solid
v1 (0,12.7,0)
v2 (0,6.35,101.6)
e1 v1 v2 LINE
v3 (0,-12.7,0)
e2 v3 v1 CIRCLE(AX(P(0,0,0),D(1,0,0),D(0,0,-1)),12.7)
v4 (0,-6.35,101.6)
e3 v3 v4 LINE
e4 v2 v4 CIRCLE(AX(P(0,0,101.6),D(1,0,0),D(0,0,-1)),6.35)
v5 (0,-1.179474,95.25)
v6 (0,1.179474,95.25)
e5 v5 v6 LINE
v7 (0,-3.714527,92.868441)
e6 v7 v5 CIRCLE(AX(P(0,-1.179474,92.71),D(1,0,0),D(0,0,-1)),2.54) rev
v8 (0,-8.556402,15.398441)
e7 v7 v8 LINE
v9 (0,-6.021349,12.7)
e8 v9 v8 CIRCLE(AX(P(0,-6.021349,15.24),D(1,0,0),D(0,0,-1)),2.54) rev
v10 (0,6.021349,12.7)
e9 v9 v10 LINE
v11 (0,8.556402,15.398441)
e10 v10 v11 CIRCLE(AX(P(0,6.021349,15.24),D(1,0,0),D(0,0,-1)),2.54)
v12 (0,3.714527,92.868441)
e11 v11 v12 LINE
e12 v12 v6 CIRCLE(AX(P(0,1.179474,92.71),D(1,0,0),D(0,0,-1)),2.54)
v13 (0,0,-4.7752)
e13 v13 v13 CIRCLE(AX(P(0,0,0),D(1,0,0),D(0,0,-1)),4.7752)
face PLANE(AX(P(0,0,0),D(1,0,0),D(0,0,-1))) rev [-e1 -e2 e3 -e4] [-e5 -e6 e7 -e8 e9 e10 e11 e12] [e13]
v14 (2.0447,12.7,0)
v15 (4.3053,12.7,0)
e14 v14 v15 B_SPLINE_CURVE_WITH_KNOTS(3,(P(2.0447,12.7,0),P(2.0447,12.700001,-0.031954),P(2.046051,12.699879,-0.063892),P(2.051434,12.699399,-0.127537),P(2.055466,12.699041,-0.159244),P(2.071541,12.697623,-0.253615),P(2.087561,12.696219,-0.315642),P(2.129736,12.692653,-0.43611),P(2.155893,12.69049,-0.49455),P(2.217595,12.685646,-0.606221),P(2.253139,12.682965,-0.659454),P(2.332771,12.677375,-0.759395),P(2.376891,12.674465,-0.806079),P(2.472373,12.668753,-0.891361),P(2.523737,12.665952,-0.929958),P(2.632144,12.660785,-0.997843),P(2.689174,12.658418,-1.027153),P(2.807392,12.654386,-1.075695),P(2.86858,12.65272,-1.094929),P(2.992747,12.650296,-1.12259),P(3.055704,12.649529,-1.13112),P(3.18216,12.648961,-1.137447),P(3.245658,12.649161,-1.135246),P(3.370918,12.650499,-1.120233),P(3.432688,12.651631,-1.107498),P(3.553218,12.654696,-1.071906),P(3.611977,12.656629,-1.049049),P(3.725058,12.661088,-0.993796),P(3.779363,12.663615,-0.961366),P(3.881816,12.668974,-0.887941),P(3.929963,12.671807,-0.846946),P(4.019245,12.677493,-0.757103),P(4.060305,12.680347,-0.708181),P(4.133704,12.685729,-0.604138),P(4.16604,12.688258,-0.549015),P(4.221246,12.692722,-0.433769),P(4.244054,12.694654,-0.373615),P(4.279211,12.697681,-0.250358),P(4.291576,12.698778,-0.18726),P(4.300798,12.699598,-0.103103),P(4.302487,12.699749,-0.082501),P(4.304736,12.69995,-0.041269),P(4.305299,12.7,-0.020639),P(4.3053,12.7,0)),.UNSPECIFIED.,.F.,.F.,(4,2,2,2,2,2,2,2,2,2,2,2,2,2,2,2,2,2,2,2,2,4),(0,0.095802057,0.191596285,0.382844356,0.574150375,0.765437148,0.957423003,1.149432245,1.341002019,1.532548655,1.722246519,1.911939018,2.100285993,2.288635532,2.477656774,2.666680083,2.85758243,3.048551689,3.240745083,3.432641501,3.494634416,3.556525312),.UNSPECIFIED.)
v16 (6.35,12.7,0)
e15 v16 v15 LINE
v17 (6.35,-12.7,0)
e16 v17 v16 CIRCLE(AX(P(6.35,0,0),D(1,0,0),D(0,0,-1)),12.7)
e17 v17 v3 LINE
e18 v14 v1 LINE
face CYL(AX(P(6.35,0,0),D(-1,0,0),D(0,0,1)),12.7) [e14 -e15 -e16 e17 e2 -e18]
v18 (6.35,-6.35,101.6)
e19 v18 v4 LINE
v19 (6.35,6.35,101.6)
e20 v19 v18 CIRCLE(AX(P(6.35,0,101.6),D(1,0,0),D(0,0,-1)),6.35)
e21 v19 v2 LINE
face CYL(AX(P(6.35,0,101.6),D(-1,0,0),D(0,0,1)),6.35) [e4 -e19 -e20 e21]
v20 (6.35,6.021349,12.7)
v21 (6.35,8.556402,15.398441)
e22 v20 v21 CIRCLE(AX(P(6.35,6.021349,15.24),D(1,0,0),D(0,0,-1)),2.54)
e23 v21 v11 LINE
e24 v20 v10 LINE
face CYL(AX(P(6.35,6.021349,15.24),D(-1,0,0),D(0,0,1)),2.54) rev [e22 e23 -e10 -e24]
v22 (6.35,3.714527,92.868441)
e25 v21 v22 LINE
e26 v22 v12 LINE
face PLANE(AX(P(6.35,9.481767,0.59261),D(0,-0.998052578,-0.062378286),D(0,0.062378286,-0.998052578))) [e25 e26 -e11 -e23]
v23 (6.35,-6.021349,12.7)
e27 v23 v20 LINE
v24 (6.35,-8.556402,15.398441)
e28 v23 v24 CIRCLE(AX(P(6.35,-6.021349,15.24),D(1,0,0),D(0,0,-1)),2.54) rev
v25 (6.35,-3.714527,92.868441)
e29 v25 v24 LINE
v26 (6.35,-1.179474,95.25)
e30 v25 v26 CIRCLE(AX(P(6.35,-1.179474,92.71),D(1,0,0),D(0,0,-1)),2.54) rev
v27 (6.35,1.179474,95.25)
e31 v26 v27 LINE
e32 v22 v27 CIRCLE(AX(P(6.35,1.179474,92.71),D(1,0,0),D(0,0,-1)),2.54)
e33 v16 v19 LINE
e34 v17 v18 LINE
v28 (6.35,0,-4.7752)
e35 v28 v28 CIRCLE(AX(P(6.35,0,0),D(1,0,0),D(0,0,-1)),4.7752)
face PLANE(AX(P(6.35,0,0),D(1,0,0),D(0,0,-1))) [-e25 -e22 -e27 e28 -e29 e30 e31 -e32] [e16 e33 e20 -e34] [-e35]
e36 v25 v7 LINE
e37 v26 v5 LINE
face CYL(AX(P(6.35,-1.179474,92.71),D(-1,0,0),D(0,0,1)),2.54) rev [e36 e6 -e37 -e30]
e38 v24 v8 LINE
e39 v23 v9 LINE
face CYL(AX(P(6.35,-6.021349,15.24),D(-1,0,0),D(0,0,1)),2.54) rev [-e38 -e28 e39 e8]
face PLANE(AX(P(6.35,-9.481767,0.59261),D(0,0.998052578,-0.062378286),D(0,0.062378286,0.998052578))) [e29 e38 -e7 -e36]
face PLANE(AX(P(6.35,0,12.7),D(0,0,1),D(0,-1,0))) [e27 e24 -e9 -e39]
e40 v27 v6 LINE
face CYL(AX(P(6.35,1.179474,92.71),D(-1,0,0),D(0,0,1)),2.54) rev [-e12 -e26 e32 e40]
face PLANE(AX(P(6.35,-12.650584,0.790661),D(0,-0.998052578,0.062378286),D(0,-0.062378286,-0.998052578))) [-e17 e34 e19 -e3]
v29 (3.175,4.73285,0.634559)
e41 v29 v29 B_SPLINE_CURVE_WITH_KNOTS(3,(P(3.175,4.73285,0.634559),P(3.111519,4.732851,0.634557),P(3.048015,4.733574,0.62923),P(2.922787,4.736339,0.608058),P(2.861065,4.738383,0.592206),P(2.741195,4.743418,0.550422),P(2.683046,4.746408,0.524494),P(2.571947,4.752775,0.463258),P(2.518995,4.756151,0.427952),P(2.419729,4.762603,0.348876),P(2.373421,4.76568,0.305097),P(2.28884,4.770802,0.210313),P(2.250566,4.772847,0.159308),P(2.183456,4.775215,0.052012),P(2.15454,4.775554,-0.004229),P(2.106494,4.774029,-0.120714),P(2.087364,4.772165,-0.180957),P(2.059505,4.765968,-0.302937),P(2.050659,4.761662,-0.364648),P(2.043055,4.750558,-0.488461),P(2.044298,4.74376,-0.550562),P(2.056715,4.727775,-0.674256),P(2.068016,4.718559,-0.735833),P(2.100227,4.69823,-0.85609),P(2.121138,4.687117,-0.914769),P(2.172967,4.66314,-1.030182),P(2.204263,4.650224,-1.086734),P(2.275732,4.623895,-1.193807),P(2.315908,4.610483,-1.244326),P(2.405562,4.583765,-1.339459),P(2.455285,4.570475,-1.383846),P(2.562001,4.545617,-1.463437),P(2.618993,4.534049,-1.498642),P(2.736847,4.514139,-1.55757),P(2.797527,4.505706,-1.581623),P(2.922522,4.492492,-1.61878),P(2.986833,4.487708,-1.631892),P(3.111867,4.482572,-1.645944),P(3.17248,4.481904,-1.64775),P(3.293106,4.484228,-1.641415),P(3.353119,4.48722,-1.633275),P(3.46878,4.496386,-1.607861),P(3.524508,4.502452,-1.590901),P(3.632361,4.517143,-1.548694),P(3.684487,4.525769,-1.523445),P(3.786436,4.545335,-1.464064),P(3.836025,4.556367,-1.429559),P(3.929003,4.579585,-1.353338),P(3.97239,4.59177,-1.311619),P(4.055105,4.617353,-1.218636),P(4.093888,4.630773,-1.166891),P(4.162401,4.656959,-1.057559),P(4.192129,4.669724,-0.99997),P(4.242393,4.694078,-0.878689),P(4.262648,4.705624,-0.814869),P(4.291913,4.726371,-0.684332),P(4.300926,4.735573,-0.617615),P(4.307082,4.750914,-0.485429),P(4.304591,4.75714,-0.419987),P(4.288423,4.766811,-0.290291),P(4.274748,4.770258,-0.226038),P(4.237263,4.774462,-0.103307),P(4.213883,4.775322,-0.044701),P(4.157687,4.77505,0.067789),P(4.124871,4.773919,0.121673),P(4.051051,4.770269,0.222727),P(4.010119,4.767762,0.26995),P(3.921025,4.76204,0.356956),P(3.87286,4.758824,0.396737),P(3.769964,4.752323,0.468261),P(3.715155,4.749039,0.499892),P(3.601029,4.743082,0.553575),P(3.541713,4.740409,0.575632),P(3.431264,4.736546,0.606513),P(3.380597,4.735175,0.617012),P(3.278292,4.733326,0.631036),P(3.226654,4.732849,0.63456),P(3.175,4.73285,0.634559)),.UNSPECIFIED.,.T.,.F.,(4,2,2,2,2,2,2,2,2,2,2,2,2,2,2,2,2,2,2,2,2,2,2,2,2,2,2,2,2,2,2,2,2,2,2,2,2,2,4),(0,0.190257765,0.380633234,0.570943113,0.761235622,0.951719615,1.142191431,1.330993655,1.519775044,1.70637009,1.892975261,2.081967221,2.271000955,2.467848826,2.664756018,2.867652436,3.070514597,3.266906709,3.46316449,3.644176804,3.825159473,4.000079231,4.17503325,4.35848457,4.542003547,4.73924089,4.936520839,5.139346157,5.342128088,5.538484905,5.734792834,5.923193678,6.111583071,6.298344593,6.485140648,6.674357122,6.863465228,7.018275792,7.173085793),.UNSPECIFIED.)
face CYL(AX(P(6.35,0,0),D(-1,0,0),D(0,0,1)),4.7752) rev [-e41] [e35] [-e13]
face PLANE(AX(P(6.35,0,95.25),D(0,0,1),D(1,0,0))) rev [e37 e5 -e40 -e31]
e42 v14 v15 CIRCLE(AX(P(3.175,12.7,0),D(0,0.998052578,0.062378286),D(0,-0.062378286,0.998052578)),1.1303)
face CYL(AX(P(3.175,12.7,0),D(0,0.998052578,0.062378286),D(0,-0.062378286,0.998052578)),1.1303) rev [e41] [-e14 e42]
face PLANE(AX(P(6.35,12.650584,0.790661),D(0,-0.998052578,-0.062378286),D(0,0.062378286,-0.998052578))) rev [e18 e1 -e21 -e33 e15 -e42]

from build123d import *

# Parameters (mm, degrees)
SKETCH1_R                  = 4.7752
BOSS_EXTRUDE1_DEPTH        = 6.35
F_4_40_TAPPED_HOLE1_REACH  = 112.943
F_4_40_TAPPED_HOLE1_BORE_R = 1.1303


with BuildPart() as part:
    # Sketch1 → Boss-Extrude1 (new body)
    with BuildSketch(Plane(origin=(0, 0, 0), x_dir=(0, 0, -1), z_dir=(1, 0, 0))):
        with BuildLine():
            ThreePointArc((0, -12.7), (12.7, 0), (0, 12.7))
            Line((0, 12.7), (-1.581322957, 12.601167315))
            Line((-1.581322957, 12.601167315), (-101.6, 6.35))
            ThreePointArc((-101.6, 6.35), (-107.95, 0), (-101.6, -6.35))
            Line((-101.6, -6.35), (-1.581322957, -12.601167315))
            Line((-1.581322957, -12.601167315), (0, -12.7))
        make_face()
        with BuildLine():
            Line((-12.7, 6.02134877), (-12.7, -6.02134877))
            ThreePointArc((-12.7, -6.02134877), (-13.500867997, -7.872569955), (-15.398440847, -8.556402319))
            Line((-15.398440847, -8.556402319), (-92.868440847, -3.714527319))
            ThreePointArc((-92.868440847, -3.714527319), (-94.561221185, -2.918605773), (-95.25, -1.17947377))
            Line((-95.25, -1.17947377), (-95.25, 1.17947377))
            ThreePointArc((-95.25, 1.17947377), (-94.561221185, 2.918605773), (-92.868440847, 3.714527319))
            Line((-92.868440847, 3.714527319), (-15.398440847, 8.556402319))
            ThreePointArc((-15.398440847, 8.556402319), (-13.500867997, 7.872569955), (-12.7, 6.02134877))
        make_face(mode=Mode.SUBTRACT)
        Circle(SKETCH1_R, mode=Mode.SUBTRACT)
    extrude(amount=BOSS_EXTRUDE1_DEPTH)

    # #4-40 Tapped Hole1 bore (on position points) → #4-40 Tapped Hole1 (cut, up to next)
    with BuildSketch(Plane(origin=(3.175, 12.7, 0), x_dir=(0, -0.062378286155, 0.998052578483), z_dir=(0, 0.998052578483, 0.062378286155)), mode=Mode.PRIVATE) as f_4_40_tapped_hole1_sk1:
        Circle(F_4_40_TAPPED_HOLE1_BORE_R)
    f_4_40_tapped_hole1_tool1 = extrude(f_4_40_tapped_hole1_sk1.sketch, amount=-F_4_40_TAPPED_HOLE1_REACH, mode=Mode.PRIVATE) & part.part
    add(f_4_40_tapped_hole1_tool1.solids().sort_by_distance((3.175, 12.7, 0))[0], mode=Mode.SUBTRACT)


solid = part.part
